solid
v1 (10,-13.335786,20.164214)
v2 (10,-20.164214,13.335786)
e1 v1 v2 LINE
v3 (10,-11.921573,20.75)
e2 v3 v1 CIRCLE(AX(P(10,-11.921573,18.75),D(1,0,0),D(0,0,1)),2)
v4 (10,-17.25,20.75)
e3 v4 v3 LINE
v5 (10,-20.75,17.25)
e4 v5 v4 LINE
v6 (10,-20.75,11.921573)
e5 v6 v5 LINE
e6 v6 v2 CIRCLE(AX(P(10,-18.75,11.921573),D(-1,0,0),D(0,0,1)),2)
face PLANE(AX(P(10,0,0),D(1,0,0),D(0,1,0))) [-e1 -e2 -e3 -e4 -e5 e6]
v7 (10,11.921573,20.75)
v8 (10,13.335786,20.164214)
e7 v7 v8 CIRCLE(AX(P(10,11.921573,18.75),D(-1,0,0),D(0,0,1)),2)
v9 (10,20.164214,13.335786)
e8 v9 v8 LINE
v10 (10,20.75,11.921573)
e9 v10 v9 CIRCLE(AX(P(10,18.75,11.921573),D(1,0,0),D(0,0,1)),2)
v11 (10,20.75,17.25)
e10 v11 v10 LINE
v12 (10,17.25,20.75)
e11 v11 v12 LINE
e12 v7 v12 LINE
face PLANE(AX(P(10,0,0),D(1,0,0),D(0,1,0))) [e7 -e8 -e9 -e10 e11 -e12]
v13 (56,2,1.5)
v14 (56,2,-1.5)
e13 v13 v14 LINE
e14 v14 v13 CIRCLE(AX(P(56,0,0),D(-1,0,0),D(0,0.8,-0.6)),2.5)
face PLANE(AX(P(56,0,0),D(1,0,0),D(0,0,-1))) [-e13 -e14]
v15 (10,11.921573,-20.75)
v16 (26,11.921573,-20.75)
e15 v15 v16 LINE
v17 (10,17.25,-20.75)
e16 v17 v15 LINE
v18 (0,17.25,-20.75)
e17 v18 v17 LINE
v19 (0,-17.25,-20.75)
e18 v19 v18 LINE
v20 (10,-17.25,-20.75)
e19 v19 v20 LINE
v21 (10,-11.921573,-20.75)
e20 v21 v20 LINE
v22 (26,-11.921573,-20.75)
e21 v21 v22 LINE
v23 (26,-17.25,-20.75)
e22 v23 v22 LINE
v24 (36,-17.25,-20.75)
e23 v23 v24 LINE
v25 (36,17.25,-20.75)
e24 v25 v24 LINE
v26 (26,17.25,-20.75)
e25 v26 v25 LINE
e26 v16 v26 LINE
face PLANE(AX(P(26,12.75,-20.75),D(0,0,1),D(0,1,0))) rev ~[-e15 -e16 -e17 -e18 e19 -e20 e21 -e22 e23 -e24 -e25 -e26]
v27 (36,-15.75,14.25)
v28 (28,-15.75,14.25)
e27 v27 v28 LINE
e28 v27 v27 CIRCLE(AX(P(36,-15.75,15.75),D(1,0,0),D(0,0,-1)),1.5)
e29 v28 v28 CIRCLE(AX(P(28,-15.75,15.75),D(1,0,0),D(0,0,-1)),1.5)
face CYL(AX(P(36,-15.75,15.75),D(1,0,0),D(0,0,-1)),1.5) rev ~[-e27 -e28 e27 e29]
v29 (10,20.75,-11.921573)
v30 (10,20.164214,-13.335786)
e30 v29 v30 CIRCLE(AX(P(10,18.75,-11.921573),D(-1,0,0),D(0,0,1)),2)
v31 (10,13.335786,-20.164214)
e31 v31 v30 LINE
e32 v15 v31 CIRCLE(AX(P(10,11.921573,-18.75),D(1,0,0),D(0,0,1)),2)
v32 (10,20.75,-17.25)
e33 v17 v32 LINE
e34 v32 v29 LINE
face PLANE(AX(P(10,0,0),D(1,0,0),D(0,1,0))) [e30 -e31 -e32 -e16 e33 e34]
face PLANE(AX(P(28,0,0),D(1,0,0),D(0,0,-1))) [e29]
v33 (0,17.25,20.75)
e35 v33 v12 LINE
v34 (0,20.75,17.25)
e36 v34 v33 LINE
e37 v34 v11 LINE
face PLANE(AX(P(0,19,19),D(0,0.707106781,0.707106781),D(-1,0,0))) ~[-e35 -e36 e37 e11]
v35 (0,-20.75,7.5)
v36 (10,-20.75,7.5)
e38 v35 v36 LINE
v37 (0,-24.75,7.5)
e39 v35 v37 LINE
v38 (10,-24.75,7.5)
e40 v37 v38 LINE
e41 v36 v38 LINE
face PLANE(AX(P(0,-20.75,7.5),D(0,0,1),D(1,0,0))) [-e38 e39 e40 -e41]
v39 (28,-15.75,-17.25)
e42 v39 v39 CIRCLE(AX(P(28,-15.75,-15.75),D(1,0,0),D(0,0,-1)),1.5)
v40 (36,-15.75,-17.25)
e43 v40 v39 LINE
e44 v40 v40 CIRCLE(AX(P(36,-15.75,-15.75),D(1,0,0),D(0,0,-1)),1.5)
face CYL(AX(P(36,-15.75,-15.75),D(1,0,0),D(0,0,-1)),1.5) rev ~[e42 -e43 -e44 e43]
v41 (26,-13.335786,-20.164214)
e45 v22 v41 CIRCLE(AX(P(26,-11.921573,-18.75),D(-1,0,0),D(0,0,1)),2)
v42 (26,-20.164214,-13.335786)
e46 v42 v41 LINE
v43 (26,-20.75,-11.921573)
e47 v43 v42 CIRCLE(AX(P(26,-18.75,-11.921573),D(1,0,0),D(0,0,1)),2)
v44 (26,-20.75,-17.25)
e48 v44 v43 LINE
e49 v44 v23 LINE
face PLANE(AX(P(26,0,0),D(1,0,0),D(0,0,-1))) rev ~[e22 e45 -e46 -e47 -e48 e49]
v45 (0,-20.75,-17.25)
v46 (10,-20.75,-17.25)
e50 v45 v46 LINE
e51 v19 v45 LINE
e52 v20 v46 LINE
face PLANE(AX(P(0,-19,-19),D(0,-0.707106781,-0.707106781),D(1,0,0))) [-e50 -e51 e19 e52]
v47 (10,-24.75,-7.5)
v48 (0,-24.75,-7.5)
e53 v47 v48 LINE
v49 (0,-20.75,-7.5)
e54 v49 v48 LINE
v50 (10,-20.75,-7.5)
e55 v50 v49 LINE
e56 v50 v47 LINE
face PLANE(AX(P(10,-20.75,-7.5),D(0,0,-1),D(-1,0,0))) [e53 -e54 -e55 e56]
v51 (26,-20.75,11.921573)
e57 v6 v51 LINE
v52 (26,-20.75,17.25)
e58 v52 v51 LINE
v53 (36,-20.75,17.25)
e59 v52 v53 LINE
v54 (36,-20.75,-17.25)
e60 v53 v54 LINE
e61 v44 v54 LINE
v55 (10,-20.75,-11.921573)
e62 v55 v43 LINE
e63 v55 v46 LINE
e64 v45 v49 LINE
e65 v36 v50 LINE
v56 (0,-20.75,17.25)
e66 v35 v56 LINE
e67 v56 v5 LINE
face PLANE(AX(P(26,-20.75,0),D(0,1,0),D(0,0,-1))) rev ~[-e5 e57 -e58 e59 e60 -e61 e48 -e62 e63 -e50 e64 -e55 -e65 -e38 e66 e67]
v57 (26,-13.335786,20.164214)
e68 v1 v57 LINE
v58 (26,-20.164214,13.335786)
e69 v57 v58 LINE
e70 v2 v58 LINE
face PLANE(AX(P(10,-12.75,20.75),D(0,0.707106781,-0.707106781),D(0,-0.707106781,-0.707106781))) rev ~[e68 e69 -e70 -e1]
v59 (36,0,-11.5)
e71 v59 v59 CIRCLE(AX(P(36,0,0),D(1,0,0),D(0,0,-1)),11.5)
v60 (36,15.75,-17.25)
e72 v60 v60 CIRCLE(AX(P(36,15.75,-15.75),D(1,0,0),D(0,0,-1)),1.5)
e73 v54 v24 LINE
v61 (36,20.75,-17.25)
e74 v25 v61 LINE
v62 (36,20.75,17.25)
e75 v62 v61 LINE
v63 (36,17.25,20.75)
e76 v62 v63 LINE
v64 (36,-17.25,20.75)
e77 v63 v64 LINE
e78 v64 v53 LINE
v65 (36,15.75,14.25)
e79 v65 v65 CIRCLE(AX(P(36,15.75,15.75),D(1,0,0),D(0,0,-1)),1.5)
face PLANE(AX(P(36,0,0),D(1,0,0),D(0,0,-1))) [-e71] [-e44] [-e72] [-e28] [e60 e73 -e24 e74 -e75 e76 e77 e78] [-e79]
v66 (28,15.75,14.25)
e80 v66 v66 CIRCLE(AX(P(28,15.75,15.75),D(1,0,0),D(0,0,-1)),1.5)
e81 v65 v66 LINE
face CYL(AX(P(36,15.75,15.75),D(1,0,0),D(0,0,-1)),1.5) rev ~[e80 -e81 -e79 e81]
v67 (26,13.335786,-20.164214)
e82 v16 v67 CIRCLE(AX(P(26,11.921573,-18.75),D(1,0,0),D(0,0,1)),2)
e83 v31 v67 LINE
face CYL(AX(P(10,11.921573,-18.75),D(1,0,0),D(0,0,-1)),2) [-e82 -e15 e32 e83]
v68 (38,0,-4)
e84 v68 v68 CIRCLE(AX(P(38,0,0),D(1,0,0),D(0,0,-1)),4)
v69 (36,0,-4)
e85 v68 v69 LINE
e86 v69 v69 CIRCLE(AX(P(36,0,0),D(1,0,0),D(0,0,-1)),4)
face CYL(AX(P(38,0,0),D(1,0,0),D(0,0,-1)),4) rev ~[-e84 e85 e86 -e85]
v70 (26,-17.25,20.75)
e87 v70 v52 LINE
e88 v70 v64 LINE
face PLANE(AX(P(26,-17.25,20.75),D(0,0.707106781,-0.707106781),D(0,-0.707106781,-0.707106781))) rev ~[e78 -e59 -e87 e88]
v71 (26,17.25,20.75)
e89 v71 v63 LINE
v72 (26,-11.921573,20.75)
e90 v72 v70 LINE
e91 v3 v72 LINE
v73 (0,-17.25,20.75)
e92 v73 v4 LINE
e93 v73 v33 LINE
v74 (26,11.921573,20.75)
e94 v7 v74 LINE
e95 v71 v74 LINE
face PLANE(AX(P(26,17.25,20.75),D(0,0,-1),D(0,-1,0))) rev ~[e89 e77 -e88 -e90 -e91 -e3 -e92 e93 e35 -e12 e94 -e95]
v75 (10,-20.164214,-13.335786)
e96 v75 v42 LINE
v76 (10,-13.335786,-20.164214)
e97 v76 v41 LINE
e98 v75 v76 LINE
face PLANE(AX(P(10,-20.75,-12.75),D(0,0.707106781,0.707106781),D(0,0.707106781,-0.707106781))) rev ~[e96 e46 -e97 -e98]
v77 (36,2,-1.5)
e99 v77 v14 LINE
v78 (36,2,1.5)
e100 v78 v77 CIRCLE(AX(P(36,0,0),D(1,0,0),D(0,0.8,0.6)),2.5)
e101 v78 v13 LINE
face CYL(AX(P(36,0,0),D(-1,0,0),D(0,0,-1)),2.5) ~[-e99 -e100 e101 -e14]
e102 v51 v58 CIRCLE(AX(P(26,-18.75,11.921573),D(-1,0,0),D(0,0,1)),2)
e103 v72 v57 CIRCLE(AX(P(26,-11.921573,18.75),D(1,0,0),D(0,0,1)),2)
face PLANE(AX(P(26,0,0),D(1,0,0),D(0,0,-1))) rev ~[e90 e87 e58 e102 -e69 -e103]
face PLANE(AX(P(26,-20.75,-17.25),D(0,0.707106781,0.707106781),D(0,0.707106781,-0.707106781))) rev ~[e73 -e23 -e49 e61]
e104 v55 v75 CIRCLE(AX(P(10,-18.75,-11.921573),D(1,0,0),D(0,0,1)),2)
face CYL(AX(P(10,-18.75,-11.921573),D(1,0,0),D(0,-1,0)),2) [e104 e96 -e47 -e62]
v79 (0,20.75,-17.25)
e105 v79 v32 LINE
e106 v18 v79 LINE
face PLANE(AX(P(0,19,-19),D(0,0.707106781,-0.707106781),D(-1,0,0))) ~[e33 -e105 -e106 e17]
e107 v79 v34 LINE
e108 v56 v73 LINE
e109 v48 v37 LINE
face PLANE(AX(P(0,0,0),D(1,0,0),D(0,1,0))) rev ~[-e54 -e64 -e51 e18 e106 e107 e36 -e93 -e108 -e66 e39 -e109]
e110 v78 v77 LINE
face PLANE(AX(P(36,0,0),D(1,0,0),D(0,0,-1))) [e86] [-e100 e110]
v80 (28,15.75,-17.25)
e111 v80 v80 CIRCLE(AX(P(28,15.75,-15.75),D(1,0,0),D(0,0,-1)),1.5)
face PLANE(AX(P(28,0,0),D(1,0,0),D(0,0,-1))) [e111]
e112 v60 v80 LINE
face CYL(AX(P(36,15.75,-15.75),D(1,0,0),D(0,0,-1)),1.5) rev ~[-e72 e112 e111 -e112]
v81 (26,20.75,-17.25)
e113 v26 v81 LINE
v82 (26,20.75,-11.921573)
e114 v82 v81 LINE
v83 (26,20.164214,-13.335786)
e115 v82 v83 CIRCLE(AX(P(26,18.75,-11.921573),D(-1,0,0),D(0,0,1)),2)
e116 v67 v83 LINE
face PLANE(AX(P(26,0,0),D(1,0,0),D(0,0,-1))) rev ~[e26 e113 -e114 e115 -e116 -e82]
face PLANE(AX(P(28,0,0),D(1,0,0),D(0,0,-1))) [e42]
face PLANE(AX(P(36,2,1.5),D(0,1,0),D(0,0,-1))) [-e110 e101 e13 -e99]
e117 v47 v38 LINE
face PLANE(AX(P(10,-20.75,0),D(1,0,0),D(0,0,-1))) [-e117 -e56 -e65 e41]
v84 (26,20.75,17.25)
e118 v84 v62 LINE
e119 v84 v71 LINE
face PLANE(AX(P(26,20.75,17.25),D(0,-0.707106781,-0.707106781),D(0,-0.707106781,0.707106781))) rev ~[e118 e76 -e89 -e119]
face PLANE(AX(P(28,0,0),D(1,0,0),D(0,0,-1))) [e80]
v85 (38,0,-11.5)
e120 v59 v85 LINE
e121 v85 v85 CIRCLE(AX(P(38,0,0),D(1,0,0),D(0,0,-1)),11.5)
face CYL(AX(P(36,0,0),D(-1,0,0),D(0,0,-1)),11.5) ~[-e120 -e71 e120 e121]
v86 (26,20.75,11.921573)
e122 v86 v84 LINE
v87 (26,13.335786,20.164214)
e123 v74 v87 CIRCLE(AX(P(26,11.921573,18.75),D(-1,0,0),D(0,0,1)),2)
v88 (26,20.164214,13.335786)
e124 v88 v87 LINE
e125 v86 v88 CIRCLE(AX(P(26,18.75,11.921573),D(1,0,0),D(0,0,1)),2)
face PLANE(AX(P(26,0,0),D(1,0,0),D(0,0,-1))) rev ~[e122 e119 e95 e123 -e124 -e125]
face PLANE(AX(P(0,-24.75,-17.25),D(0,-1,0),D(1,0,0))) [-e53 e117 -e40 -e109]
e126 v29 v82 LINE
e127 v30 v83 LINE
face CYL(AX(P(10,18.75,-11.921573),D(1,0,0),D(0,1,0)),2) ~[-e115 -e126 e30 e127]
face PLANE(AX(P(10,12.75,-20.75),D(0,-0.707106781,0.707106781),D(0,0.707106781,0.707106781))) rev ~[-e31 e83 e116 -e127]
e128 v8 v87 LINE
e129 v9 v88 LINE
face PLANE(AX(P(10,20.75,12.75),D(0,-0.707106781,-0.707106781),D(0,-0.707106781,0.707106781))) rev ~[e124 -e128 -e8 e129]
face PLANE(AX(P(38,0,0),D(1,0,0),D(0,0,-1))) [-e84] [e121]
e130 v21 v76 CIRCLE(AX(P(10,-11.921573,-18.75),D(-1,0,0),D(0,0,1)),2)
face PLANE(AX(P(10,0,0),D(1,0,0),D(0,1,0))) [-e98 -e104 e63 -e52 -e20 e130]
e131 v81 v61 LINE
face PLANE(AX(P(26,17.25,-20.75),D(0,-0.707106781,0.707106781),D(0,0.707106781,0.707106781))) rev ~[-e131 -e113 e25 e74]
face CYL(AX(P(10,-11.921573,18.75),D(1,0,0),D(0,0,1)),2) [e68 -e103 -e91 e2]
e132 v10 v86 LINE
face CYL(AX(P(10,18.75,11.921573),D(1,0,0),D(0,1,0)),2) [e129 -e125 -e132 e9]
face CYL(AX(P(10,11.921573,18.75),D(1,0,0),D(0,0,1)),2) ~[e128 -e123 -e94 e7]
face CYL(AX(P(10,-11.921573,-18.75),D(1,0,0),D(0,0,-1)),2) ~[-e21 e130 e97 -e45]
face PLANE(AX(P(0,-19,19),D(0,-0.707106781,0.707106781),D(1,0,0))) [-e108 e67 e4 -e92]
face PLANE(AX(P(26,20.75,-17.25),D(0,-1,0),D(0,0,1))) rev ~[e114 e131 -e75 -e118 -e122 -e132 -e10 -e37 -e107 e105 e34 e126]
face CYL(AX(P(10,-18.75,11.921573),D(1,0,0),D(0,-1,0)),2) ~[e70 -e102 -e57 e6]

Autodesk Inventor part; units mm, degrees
ref_plane "YZ Plane" through (0, 0, 0) normal (1, 0, 0) x (0, 1, 0)
ref_plane "XZ Plane" through (0, 0, 0) normal (0, 1, 0) x (-1, 0, 0)
ref_plane "XY Plane" through (0, 0, 0) normal (0, 0, 1) x (1, 0, 0)
sketch "Skizze2" plane through (0, 0, 0) normal (1, 0, 0) x (0, 1, 0)
  line L0 (20.75, -20.75) -> (-20.75, -20.75)
  line L1 (-20.75, -20.75) -> (-20.75, 20.75)
  line L2 (-20.75, 20.75) -> (20.75, 20.75)
  line L3 (20.75, 20.75) -> (20.75, -20.75)
  line L4 (-29.05, 0) -> (29.05, 0) projected
  line L5 (0, -29.05) -> (0, 29.05) projected
  point P0 (0, 0)
  dimension "d0" = 41.5
  dimension "d1" = 41.5
extrude "Extrusion1" add sketch "Skizze2" along normal blind 10
chamfer "Fase1" distance 3.5 angle 45 4 edges at (5, 20.75, 20.75) (5, 20.75, -20.75) (5, -20.75, -20.75) (5, -20.75, 20.75)
sketch "Skizze5" plane through (10, 0, 0) normal (1, 0, 0) x (0, 0, -1)
  line L0 (20.75, 20.75) -> (-20.75, 20.75)
  line L1 (-20.75, 20.75) -> (-20.75, -20.75)
  line L2 (-20.75, -20.75) -> (20.75, -20.75)
  line L3 (20.75, -20.75) -> (20.75, 20.75)
  line L4 (0, -29.064) -> (0, 29.1338) projected
  line L5 (17.25, 20.75) -> (-17.25, 20.75) projected
  line L6 (29.05, 0) -> (-29.05, 0) projected
  line L7 (20.75, -17.25) -> (20.75, 17.25) projected
  line L8 (20.75, 12.75) -> (12.75, 20.75)
  line L9 (17.25, 20.75) -> (20.75, 17.25) projected
  line L10 (-12.75, 20.75) -> (-20.75, 12.75)
  line L11 (-20.75, -12.75) -> (-12.75, -20.75)
  line L12 (12.75, -20.75) -> (20.75, -12.75)
  point P0 (0, 0)
  dimension "d11" = 41.5
  dimension "d12" = 41.5
  dimension "d20" = 8
  dimension "d21" = 8
  dimension "d24" = 360
extrude "Extrusion5" add sketch "Skizze5" along normal blind 16 contours L8 L3 L6 L4 L0 | L4 L6 L1 L10 L0 | L3 L12 L2 L4 L6 | L4 L2 L11 L1 L6
sketch "Skizze6" plane through (26, 0, 0) normal (1, 0, 0) x (0, 0, -1)
  line L0 (20.75, 20.75) -> (-20.75, 20.75)
  line L1 (-20.75, 20.75) -> (-20.75, -20.75)
  line L2 (-20.75, -20.75) -> (20.75, -20.75)
  line L3 (20.75, -20.75) -> (20.75, 20.75)
  line L4 (29.05, 0) -> (-29.05, 0) projected
  line L5 (0, -29.05) -> (0, 29.05) projected
  line L6 (20.75, 12.75) -> (20.75, 17.25) projected
  line L7 (20.75, 17.25) -> (17.25, 20.75)
  line L8 (-17.25, 20.75) -> (-20.75, 17.25)
  line L9 (-20.75, -17.25) -> (-17.25, -20.75)
  line L10 (17.25, -20.75) -> (20.75, -17.25)
  point P0 (0, 0)
  dimension "d28" = 41.5
  dimension "d29" = 41.5
  dimension "d32" = 360
extrude "Extrusion6" add sketch "Skizze6" along normal blind 10 contours L7 L3 L4 L5 L0 | L5 L4 L1 L8 L0 | L5 L2 L9 L1 L4 | L4 L3 L10 L2 L5
fillet "Rundung1" radius 2 8 edges at (18, 12.75, -20.75) (18, 20.75, -12.75) (18, -12.75, -20.75) (18, -20.75, -12.75) (18, -20.75, 12.75) (18, -12.75, 20.75) (18, 12.75, 20.75) (18, 20.75, 12.75)
sketch "Skizze7" plane through (36, 0, 0) normal (1, 0, 0) x (0, 0, -1)
  circle A0 centre (0, 0) radius 11.5
  circle A1 centre (15.75, -15.75) radius 1.5
  circle A2 centre (15.75, 15.75) radius 1.5
  circle A3 centre (-15.75, -15.75) radius 1.5
  circle A4 centre (-15.75, 15.75) radius 1.5
  dimension "d37" = 23
  dimension "d61" = 3
  dimension "d62" = 3
  dimension "d67" = 15.75
  dimension "d68" = 15.75
  dimension "d69" = 3
  dimension "d70" = 3
  dimension "d71" = 15.75
  dimension "d72" = 15.75
extrude "Extrusion7" add sketch "Skizze7" along normal blind 2 contours A0
sketch "Skizze8" plane through (38, 0, 0) normal (1, 0, 0) x (0, 0, -1)
  circle A0 centre (0, 0) radius 4
  dimension "d40" = 8
extrude "Extrusion8" cut sketch "Skizze8" against normal blind 2
sketch "Skizze9" plane through (36, 0, 0) normal (1, 0, 0) x (0, 0, -1)
  circle A0 centre (0, 0) radius 2.5
  line L0 (2.5, 0) -> (-2.5, 0)
  line L1 (-2.5, 0) -> (-2.5, 2.5)
  line L2 (-2.5, 2.5) -> (2.5, 2.5)
  line L3 (2.5, 2.5) -> (2.5, 0)
  line L4 (2.5, 2.5) -> (-2.5, 2.5)
  line L5 (-2.5, 2.5) -> (-2.5, 2)
  line L6 (-2.5, 2) -> (2.5, 2)
  line L7 (2.5, 2) -> (2.5, 2.5)
  point P0 (1.5, 2)
  point P1 (-1.5, 2)
  dimension "d43" = 5
  dimension "d44" = 0.5
  dimension "d47" = 2
extrude "Extrusion9" add sketch "Skizze9" along normal blind 20 contours L0 A0 | A0 L6 L0
sketch "Skizze10" plane through (0, -20.75, -17.25) normal (0, -1, 0) x (1, 0, 0)
  line L0 (0, 0) -> (0, 34.5) projected
  line L1 (0, 24.75) -> (10, 24.75)
  line L2 (10, 24.75) -> (10, 9.75)
  line L3 (10, 9.75) -> (0, 9.75)
  line L4 (0, 9.75) -> (0, 24.75)
  line L5 (0, 17.25) -> (36, 17.25)
  line L6 (36, 34.5) -> (36, 0) projected
  dimension "d48" = 10
  dimension "d49" = 15
extrude "Extrusion10" add sketch "Skizze10" along normal blind 4
extrude "Extrusion11" cut sketch "Skizze7" against normal blind 8 contours A1 | A2 | A3 | A4
properties part number "Steppermotor"
